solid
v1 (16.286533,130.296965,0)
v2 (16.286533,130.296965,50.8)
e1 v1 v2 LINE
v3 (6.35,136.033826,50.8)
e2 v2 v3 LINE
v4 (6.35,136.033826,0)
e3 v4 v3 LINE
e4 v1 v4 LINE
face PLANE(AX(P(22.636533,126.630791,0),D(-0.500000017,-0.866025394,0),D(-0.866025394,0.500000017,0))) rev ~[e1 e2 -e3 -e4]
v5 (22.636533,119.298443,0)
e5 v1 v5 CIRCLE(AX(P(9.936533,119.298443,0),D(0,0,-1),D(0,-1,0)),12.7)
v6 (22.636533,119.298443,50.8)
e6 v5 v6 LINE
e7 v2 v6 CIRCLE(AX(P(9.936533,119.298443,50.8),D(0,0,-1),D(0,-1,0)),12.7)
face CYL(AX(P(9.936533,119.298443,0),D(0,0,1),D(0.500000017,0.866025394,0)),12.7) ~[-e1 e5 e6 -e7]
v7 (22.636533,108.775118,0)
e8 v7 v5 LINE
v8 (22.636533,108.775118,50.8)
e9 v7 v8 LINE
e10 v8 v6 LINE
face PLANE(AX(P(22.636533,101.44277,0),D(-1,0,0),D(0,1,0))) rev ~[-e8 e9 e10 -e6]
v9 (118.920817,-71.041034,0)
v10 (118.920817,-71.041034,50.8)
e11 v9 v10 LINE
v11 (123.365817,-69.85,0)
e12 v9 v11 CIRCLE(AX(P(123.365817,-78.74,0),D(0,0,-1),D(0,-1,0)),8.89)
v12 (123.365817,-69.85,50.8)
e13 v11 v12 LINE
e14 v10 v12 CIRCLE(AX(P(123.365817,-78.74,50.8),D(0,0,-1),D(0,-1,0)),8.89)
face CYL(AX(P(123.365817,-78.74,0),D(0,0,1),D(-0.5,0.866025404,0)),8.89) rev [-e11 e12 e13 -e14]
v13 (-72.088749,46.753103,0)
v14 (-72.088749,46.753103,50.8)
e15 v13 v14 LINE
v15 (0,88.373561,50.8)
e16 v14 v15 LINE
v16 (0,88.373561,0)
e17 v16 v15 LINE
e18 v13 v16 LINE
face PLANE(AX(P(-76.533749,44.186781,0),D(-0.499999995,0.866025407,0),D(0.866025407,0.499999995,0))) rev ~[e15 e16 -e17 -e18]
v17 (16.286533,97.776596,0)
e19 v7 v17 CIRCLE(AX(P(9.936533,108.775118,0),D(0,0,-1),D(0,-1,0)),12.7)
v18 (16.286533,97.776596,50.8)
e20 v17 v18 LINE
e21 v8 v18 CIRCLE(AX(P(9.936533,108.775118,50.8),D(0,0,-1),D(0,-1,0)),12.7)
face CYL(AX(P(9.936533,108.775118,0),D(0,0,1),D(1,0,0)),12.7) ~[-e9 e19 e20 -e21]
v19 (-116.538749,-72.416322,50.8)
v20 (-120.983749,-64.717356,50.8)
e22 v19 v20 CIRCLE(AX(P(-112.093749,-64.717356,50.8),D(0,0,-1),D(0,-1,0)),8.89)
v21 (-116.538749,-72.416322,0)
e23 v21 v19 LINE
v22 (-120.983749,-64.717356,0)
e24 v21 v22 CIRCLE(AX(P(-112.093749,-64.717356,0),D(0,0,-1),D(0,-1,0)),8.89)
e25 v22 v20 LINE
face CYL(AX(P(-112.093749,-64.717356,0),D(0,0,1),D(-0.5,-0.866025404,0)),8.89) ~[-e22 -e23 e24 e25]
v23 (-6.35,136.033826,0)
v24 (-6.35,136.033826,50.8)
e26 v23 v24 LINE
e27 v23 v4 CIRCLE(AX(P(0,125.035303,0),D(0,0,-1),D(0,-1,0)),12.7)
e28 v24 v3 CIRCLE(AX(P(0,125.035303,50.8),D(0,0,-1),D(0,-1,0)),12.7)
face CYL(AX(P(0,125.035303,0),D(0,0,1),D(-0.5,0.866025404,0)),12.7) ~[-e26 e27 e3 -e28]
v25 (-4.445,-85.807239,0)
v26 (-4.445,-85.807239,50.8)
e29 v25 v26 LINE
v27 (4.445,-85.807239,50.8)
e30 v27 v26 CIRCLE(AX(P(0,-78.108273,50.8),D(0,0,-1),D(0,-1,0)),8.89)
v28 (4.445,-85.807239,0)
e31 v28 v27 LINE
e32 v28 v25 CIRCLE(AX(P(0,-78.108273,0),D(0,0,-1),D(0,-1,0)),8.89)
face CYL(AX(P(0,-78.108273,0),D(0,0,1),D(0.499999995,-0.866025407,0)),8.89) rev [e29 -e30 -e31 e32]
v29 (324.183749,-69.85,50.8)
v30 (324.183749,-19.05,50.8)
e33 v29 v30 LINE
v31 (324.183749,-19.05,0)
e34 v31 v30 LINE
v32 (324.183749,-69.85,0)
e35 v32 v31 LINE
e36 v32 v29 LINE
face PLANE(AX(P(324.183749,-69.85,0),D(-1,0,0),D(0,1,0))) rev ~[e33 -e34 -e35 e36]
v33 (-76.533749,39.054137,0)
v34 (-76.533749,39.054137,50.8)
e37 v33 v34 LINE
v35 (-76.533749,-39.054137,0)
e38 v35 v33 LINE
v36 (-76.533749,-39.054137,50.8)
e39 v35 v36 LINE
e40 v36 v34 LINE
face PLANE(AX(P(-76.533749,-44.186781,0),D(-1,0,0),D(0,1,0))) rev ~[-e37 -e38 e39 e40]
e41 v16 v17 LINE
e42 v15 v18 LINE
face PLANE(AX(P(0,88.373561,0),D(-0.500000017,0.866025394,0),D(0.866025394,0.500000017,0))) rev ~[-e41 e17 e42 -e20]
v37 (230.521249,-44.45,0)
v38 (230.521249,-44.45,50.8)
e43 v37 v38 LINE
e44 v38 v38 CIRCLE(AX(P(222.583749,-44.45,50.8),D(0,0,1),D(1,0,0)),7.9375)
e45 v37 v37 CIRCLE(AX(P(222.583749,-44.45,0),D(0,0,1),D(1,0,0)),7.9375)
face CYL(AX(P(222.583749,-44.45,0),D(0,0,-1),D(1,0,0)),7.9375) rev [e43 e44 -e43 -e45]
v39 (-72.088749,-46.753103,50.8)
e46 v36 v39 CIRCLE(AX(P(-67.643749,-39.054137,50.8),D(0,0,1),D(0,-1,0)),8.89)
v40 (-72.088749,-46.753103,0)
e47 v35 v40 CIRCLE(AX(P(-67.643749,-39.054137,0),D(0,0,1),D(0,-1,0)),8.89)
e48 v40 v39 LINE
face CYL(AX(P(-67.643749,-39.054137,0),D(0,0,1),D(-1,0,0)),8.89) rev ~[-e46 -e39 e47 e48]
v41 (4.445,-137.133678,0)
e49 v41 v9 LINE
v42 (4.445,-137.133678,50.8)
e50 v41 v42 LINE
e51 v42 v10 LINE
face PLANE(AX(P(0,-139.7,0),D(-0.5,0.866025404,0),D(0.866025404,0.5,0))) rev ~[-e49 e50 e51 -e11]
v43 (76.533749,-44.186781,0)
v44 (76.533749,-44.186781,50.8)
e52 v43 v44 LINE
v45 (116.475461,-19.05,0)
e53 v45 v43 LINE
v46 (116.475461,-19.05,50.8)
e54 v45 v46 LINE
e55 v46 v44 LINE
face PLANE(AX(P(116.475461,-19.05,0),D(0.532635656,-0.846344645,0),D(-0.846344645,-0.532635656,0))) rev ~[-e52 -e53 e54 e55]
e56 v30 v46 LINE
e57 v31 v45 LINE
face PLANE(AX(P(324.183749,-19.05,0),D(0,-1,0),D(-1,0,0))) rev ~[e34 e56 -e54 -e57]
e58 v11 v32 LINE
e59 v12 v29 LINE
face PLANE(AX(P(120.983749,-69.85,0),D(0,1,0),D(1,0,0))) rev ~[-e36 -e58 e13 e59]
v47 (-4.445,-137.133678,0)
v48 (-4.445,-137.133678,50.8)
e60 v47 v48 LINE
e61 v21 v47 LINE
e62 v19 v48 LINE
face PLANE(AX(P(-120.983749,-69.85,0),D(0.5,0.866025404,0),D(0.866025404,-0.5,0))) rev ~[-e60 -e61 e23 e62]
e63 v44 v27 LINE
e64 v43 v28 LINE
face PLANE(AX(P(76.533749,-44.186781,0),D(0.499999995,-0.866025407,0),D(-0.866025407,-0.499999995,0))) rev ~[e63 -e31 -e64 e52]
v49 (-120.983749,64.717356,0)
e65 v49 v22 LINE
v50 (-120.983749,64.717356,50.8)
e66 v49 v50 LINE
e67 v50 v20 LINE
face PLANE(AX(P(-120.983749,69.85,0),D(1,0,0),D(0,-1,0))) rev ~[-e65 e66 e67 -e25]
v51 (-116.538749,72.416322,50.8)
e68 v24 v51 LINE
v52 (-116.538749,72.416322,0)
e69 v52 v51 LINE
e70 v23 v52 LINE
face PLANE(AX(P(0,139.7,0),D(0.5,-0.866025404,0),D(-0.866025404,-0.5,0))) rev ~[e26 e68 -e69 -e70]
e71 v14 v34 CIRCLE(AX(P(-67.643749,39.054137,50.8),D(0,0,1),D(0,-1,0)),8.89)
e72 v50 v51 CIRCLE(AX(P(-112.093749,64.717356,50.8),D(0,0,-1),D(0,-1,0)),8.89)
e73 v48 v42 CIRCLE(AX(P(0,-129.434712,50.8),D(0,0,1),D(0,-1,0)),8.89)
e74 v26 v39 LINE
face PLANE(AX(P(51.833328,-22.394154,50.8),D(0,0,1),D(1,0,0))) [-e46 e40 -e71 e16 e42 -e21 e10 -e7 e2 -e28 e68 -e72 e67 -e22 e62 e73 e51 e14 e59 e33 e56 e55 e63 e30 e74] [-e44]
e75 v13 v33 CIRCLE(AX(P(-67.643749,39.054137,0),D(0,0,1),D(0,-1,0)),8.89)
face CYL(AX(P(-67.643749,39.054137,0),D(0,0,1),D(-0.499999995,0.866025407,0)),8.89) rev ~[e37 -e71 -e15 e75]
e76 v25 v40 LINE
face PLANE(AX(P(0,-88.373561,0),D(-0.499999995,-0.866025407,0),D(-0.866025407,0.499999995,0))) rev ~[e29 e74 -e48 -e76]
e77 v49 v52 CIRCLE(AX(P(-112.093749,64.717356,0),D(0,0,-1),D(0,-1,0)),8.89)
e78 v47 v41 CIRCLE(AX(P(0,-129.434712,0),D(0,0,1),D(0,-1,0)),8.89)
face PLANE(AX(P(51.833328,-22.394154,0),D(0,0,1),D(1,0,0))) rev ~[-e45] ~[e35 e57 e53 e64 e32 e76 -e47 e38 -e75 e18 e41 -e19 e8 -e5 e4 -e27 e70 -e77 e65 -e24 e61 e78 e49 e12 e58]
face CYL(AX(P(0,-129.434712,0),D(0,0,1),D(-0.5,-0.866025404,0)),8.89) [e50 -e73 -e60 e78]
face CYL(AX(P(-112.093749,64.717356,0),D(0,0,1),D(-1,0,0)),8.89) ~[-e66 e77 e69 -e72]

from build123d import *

# Parameters (mm, degrees)
F0_R     = 7.9375
F1_DEPTH = 50.8
F2_R     = 8.89
F3_R     = 12.7


with BuildPart() as f1:
    # F0 (on Top) → F1 (new body)
    with BuildSketch(Plane.XY):
        Polygon((-120.983749, -69.85), (0, -139.7), (120.983749, -69.85), (324.183749, -69.85), (324.183749, -19.05), (116.475461, -19.05), (76.533749, -44.186781), (0, -88.373561), (-76.533749, -44.186781), (-76.533749, 44.186781), (0, 88.373561), (22.636533, 101.44277), (22.636533, 126.630791), (0, 139.7), (-120.983749, 69.85), align=None)
        with Locations((222.583749, -44.45)):
            Circle(F0_R, mode=Mode.SUBTRACT)
    extrude(amount=F1_DEPTH)

    # F2
    f2_edges = [f1.edges().sort_by_distance(p)[0] for p in [
        (-120.983749, 69.85, 25.4),
        (-120.983749, -69.85, 25.4),
        (0, -139.7, 25.4),
        (120.983749, -69.85, 25.4),
        (-76.533749, 44.186781, 25.4),
        (-76.533749, -44.186781, 25.4),
        (0, -88.373561, 25.4),
    ]]
    fillet(f2_edges, radius=F2_R)

    # F3
    f3_edges = [f1.edges().sort_by_distance(p)[0] for p in [
        (0, 139.7, 25.4),
        (22.636533, 101.44277, 25.4),
        (22.636533, 126.630791, 25.4),
    ]]
    fillet(f3_edges, radius=F3_R)


solid = f1.part
